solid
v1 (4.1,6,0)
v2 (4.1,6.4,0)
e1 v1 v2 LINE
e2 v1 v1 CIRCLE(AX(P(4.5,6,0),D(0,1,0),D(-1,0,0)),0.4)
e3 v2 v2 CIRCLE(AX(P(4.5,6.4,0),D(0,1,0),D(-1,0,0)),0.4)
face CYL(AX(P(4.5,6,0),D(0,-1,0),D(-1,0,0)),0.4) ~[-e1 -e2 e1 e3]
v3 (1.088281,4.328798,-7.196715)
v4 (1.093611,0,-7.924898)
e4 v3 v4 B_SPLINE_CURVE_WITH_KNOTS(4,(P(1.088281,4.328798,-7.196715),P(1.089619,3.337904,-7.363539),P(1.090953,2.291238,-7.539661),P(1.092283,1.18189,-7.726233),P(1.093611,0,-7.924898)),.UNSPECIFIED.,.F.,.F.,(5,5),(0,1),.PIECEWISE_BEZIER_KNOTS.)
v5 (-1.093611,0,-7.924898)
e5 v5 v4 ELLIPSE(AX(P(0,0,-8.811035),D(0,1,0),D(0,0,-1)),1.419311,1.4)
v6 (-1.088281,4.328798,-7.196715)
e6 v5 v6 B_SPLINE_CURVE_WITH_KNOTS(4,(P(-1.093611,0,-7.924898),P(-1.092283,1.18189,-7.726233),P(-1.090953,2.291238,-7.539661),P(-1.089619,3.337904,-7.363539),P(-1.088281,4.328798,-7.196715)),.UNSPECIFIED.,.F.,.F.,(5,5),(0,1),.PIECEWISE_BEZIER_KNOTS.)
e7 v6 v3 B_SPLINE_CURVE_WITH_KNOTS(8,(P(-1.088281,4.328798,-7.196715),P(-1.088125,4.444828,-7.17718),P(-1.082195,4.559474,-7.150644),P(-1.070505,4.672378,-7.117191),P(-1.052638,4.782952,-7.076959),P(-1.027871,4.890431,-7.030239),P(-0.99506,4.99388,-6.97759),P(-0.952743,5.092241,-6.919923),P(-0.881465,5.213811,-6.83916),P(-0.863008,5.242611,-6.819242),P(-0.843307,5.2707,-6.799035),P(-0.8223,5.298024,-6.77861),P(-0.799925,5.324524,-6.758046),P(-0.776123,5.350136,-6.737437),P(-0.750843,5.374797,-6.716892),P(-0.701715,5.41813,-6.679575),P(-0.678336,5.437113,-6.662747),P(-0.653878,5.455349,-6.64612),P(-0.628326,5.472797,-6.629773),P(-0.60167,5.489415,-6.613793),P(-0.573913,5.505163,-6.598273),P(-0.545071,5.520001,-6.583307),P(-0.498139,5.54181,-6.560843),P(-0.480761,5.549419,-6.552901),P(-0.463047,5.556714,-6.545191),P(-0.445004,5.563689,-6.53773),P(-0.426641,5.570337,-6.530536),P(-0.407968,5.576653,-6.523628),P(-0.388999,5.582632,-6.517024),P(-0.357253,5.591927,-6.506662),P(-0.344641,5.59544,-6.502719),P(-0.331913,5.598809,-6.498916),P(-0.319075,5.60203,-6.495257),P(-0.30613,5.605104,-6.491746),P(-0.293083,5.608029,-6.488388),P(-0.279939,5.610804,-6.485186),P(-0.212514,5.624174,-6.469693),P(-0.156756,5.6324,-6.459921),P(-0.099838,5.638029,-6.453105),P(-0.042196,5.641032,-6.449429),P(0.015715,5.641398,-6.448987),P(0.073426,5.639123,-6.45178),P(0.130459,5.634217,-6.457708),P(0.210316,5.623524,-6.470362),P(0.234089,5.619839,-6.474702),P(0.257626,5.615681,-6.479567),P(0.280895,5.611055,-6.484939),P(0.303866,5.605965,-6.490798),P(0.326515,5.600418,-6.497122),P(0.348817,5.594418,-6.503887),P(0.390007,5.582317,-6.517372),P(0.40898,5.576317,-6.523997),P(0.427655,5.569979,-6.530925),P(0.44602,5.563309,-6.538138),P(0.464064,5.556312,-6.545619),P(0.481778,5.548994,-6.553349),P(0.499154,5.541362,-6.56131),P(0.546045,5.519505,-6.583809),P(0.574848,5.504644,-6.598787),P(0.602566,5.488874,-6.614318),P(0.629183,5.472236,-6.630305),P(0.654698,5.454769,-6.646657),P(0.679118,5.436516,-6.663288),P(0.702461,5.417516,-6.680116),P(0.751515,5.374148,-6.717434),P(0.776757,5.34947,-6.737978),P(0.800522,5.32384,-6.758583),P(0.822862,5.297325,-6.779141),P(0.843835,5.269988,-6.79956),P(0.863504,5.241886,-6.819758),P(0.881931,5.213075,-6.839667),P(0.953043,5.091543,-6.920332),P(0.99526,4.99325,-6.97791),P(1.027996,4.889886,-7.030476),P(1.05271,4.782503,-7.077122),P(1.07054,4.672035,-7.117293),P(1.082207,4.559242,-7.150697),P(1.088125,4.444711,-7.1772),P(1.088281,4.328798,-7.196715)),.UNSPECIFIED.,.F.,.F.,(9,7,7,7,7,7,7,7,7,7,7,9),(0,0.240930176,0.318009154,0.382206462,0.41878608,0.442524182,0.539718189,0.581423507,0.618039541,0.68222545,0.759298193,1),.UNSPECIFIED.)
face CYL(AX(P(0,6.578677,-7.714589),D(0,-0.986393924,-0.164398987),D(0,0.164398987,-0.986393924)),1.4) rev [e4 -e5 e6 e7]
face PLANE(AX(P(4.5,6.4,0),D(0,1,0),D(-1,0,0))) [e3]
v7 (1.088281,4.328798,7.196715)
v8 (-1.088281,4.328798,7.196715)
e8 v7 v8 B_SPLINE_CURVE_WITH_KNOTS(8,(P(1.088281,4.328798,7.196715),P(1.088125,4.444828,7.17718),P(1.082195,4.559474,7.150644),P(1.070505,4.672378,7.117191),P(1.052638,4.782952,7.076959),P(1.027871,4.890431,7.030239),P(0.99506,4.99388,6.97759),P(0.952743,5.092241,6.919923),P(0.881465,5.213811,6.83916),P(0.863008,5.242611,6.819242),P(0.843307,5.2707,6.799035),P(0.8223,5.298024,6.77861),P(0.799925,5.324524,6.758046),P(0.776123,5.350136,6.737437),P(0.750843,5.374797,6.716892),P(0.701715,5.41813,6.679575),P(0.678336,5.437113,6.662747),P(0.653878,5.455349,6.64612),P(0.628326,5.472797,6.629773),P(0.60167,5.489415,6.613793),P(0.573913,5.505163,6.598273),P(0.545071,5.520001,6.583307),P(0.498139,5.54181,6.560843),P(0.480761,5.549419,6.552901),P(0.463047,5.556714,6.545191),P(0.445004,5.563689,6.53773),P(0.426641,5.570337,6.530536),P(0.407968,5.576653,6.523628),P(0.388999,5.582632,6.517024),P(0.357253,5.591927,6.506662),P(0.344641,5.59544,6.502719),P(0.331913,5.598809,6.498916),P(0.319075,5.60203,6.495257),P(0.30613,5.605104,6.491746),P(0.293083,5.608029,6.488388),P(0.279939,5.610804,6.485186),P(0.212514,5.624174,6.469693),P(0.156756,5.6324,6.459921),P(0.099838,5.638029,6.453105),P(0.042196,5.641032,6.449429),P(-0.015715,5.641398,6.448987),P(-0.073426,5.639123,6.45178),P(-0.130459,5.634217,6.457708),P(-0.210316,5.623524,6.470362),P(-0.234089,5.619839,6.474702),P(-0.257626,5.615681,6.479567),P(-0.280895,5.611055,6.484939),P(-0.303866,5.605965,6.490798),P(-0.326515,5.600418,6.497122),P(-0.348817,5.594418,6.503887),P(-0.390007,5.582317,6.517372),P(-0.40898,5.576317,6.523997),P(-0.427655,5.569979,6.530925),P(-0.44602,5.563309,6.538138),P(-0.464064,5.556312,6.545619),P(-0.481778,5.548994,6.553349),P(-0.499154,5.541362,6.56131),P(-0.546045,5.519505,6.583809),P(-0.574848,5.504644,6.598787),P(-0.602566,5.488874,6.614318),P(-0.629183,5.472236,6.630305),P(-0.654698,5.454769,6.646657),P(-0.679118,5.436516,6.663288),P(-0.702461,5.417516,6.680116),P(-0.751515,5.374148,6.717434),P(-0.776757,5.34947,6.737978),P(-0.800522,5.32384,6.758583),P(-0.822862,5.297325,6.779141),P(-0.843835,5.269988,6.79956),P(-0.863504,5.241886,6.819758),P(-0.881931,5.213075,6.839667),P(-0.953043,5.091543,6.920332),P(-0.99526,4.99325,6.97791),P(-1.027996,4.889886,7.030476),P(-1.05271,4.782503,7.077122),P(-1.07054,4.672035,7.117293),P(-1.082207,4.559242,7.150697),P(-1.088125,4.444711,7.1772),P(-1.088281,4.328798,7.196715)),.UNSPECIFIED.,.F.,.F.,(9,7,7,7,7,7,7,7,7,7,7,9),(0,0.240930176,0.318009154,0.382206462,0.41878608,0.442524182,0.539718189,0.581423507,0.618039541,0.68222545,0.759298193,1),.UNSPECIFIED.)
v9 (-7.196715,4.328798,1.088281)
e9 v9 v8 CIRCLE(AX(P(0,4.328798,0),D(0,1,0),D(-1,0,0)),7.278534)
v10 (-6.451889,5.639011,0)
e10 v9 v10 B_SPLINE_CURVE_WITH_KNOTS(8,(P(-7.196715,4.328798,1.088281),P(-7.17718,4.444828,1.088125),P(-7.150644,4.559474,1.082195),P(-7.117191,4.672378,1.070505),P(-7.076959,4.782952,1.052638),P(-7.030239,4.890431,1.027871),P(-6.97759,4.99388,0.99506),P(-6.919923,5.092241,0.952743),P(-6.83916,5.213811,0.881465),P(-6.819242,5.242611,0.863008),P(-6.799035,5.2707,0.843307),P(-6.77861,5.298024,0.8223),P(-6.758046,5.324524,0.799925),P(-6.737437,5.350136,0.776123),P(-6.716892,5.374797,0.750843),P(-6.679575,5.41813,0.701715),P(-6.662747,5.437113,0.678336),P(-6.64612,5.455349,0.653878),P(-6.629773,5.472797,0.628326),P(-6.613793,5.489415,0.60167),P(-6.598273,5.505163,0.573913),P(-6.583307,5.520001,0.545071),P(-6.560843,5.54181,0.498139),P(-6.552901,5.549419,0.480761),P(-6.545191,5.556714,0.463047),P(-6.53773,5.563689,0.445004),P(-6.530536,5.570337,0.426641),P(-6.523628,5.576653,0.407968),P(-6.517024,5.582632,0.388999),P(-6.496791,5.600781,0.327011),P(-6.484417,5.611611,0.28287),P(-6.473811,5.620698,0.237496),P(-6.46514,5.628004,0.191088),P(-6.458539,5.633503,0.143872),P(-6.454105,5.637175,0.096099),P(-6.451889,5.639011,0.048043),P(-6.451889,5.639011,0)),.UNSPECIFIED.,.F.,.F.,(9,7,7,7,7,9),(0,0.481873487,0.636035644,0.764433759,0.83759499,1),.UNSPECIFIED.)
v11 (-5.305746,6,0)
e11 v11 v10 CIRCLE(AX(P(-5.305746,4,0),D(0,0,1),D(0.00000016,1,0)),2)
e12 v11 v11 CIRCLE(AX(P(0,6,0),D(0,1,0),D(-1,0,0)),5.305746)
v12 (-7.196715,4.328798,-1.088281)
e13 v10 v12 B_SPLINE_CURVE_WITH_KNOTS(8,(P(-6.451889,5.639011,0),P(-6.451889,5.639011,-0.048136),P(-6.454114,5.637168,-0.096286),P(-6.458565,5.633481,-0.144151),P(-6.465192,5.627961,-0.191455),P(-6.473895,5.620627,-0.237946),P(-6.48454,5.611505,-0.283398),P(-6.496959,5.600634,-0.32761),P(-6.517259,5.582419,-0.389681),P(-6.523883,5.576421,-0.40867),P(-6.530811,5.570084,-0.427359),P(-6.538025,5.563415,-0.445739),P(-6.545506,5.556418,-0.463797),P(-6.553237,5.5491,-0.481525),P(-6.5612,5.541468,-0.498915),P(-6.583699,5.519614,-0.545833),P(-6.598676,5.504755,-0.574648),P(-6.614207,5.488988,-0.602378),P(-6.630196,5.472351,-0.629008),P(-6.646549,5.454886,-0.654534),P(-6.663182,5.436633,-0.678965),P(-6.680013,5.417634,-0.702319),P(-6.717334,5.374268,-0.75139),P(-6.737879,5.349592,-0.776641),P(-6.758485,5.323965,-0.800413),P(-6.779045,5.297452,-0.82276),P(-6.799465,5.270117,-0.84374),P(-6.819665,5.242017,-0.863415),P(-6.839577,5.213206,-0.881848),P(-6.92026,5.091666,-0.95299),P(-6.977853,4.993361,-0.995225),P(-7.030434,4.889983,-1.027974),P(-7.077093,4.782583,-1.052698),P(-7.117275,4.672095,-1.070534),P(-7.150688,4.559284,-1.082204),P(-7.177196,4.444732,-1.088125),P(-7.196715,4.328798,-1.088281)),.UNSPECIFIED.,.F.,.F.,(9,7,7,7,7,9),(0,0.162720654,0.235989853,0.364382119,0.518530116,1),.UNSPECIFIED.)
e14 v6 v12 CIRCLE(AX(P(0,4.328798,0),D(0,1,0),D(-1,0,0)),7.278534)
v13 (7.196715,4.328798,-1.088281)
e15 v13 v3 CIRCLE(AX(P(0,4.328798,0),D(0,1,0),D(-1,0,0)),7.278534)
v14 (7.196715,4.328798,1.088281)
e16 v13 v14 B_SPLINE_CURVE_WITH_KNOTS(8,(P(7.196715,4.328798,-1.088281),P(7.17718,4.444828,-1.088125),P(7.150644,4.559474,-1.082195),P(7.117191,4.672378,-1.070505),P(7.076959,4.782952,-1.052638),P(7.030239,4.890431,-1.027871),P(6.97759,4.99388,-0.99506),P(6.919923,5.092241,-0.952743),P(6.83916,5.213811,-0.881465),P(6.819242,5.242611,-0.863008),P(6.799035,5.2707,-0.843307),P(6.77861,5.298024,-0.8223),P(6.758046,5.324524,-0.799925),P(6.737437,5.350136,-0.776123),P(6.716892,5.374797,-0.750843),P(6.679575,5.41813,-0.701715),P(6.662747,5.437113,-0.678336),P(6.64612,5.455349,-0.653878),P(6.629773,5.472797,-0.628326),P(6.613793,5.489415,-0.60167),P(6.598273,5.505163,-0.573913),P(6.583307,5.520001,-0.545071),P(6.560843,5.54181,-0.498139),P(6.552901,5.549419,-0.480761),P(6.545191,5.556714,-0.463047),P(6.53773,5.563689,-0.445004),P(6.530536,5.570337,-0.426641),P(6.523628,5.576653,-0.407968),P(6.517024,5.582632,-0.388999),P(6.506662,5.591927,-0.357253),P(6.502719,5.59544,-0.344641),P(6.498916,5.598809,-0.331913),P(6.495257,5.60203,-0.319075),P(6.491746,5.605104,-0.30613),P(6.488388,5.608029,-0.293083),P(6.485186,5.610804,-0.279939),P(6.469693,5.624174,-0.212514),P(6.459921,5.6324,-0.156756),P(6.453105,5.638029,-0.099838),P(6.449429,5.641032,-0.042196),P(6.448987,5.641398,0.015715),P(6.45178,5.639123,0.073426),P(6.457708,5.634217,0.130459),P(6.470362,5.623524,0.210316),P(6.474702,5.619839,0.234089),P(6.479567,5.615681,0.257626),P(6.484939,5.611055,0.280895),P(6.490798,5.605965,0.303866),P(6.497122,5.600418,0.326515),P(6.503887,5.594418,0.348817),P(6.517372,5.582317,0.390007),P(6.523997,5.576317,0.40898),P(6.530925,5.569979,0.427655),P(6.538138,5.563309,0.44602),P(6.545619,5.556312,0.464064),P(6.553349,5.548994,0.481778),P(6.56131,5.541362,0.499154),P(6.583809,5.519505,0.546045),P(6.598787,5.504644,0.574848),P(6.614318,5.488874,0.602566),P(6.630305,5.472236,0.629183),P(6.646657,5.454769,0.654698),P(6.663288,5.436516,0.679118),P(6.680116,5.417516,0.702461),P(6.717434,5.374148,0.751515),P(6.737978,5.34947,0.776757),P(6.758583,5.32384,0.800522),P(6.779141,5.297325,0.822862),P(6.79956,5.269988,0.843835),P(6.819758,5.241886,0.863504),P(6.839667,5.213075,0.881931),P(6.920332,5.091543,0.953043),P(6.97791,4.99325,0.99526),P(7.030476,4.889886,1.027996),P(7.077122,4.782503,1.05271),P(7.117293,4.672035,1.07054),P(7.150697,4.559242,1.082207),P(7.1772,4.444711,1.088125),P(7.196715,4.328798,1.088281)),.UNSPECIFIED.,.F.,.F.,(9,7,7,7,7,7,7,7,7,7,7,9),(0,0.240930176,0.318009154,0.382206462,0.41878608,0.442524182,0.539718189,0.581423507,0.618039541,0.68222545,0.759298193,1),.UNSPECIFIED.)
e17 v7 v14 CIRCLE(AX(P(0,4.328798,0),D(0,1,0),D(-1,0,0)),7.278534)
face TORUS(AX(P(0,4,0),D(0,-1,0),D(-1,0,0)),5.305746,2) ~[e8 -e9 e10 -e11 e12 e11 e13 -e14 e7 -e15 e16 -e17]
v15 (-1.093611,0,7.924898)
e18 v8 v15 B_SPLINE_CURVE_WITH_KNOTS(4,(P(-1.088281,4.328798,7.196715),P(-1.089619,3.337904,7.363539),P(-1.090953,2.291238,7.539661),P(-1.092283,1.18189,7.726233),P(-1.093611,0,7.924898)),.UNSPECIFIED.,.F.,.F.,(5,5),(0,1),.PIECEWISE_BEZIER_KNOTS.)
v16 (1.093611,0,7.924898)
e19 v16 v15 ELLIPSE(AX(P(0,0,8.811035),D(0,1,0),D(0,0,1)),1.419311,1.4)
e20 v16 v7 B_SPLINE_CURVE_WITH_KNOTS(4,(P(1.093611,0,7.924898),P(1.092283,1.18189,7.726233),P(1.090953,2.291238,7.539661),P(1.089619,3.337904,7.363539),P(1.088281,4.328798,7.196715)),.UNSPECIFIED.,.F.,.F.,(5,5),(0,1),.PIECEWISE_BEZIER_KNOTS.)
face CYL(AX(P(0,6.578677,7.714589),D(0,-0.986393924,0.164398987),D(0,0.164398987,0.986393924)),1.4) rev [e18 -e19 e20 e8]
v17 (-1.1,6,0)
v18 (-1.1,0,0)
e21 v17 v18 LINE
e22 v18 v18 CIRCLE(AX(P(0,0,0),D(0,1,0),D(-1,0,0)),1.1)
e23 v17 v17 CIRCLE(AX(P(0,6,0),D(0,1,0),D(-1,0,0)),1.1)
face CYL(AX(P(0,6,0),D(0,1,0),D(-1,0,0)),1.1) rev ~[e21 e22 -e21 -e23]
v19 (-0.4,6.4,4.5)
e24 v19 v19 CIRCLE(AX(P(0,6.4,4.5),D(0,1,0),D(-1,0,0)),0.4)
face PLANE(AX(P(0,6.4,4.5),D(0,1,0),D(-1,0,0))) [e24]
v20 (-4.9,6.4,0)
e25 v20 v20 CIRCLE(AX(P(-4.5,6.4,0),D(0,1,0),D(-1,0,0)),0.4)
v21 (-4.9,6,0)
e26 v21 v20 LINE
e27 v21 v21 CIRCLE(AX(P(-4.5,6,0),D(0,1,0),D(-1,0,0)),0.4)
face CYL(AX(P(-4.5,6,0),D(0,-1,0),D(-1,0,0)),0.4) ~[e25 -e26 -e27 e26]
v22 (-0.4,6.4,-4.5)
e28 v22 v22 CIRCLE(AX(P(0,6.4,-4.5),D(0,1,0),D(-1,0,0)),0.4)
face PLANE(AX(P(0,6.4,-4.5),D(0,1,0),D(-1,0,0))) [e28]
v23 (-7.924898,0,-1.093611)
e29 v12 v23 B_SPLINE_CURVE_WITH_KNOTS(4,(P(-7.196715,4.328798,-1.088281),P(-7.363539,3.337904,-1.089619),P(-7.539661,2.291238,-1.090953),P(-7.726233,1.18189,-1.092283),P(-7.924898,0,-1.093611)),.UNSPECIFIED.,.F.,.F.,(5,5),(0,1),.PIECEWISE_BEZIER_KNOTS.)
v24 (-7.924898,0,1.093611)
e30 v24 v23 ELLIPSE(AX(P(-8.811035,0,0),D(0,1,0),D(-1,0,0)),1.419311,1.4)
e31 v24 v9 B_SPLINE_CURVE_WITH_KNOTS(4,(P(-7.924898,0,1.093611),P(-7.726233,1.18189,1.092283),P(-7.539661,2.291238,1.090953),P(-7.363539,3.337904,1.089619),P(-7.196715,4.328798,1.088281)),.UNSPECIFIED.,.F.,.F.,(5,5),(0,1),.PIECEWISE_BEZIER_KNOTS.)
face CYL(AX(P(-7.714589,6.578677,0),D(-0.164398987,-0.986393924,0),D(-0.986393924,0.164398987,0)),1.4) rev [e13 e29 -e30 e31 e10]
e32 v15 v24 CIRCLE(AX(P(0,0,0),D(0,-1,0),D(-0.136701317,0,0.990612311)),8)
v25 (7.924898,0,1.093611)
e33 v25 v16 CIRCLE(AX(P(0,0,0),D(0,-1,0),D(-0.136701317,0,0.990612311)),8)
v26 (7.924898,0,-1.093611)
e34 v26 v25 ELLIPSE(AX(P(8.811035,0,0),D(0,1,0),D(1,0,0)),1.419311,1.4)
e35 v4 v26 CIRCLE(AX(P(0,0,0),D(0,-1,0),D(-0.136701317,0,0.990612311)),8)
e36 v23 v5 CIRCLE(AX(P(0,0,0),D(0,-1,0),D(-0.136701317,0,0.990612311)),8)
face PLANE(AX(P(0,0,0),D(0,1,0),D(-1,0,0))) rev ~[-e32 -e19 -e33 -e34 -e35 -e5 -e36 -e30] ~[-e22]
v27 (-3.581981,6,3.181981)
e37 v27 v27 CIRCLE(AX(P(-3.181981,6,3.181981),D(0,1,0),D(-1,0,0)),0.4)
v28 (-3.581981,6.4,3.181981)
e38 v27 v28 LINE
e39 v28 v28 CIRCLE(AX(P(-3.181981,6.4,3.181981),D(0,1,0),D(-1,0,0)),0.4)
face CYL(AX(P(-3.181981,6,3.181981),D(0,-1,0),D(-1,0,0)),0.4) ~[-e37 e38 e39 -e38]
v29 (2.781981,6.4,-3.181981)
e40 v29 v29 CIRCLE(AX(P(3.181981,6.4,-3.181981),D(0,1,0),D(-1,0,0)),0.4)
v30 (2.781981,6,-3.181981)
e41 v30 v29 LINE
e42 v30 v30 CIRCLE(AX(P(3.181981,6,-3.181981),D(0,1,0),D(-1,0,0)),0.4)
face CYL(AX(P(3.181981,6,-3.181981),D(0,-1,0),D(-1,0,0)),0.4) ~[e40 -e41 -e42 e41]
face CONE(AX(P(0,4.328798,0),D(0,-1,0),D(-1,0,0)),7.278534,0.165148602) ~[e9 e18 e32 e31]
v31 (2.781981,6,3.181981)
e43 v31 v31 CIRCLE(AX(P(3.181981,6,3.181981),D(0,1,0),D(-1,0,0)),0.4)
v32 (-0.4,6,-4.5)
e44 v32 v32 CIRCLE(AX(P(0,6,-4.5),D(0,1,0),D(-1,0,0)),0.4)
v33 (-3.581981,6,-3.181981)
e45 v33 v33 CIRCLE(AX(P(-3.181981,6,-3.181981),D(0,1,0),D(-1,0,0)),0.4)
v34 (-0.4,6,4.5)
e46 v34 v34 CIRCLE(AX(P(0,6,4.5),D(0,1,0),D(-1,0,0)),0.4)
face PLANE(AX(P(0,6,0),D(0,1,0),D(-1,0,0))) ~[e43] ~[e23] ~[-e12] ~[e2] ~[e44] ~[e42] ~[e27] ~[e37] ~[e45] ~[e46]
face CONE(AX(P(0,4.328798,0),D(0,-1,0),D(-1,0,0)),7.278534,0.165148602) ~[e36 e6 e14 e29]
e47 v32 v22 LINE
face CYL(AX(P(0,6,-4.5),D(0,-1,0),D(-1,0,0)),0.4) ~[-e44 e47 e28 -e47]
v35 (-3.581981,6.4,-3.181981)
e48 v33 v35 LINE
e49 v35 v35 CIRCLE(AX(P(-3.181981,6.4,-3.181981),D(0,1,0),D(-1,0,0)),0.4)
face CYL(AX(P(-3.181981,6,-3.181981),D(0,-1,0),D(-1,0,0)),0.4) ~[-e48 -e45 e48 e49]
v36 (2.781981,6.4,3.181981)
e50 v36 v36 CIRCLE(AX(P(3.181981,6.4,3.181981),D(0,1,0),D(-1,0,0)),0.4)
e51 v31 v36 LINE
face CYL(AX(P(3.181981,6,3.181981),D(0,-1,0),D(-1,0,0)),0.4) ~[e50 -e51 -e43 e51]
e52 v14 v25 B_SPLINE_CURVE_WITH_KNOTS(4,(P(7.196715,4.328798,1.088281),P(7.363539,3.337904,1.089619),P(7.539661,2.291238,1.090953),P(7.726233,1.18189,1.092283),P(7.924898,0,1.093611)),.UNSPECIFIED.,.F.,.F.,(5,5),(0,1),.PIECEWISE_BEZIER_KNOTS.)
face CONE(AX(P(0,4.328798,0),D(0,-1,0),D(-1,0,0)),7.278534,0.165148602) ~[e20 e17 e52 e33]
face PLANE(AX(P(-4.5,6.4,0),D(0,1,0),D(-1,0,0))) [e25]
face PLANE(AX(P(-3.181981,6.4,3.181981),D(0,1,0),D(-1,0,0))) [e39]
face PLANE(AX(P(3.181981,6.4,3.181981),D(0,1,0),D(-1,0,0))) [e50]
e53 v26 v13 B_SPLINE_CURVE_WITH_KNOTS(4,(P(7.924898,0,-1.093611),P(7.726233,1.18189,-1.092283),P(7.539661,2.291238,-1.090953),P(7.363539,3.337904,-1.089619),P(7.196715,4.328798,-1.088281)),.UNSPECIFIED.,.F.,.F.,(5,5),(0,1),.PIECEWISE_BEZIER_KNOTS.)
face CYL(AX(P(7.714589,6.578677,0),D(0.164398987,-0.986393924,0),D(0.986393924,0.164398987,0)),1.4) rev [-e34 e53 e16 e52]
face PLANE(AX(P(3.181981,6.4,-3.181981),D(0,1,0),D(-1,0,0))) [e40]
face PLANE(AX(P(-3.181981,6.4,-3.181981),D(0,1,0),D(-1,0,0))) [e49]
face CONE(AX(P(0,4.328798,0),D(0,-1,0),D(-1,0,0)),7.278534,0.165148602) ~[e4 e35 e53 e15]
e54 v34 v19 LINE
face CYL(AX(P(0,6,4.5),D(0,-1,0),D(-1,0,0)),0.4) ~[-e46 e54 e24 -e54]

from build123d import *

# Parameters (mm, degrees)
F2_R     = 0.4
F3_DEPTH = 0.4
F6_COUNT = 4
F8_R     = 1.1
F9_DEPTH = 6.001


with BuildPart() as f1:
    # F0 (on Top) → F1 (revolve)
    with BuildSketch(Plane.XY):
        with BuildLine():
            Line((-8, 0), (0, 0))
            Line((0, 0), (0, 6))
            Line((0, 6), (-5.305746, 6))
            ThreePointArc((-5.305746, 6), (-6.598496, 5.52604), (-7.278534, 4.328798))
            Line((-7.278534, 4.328798), (-8, 0))
        make_face()
    revolve(axis=Axis((0, 13.402597, 0), (0, 1, 0)))

    # F2 (on face) → F3 (join)
    with BuildSketch(Plane(origin=(0, 6, 0), x_dir=(-1, 0, 0), z_dir=(0, 1, 0))):
        with Locations((0, 4.5)):
            Circle(F2_R)
        with Locations((4.5, 0)):
            Circle(F2_R)
        with Locations((0, -4.5)):
            Circle(F2_R)
        with Locations((-4.5, 0)):
            Circle(F2_R)
        with Locations((-3.181981, 3.181981)):
            Circle(F2_R)
        with Locations((3.181981, 3.181981)):
            Circle(F2_R)
        with Locations((3.181981, -3.181981)):
            Circle(F2_R)
        with Locations((-3.181981, -3.181981)):
            Circle(F2_R)
    extrude(amount=F3_DEPTH)


with BuildPart() as f5:
    # F4 (on Right) → F5 (revolve)
    with BuildSketch(Plane.YZ):
        Polygon((-0.443557, 10.304272), (-0.673715, 8.923321), (6.578678, 7.714589), (6.808836, 9.09554), align=None)
    revolve(axis=Axis((0, 5.520192, 7.891003), (0, 0.986394, -0.164399)))


with BuildPart() as f6_1:
    # F6: instance of F5
    add(f5.part.rotate(Axis((0, 0, 0), (0, 1, 0)), 1 * 360 / F6_COUNT))


with BuildPart() as f6_2:
    # F6: instance of F5
    add(f5.part.rotate(Axis((0, 0, 0), (0, 1, 0)), 2 * 360 / F6_COUNT))


with BuildPart() as f6_3:
    # F6: instance of F5
    add(f5.part.rotate(Axis((0, 0, 0), (0, 1, 0)), 3 * 360 / F6_COUNT))


with BuildPart() as f1_1:
    add(f1.part)

    # F7: cut F5, F6_1, F6_2, F6_3
    add(f5.part, mode=Mode.SUBTRACT)
    add(f6_1.part, mode=Mode.SUBTRACT)
    add(f6_2.part, mode=Mode.SUBTRACT)
    add(f6_3.part, mode=Mode.SUBTRACT)

    # F8 (on face) → F9 (cut, through all)
    with BuildSketch(Plane(origin=(0, 6, 0), x_dir=(-1, 0, 0), z_dir=(0, 1, 0))):
        Circle(F8_R)
    extrude(amount=-F9_DEPTH, mode=Mode.SUBTRACT)


solid = f1_1.part
